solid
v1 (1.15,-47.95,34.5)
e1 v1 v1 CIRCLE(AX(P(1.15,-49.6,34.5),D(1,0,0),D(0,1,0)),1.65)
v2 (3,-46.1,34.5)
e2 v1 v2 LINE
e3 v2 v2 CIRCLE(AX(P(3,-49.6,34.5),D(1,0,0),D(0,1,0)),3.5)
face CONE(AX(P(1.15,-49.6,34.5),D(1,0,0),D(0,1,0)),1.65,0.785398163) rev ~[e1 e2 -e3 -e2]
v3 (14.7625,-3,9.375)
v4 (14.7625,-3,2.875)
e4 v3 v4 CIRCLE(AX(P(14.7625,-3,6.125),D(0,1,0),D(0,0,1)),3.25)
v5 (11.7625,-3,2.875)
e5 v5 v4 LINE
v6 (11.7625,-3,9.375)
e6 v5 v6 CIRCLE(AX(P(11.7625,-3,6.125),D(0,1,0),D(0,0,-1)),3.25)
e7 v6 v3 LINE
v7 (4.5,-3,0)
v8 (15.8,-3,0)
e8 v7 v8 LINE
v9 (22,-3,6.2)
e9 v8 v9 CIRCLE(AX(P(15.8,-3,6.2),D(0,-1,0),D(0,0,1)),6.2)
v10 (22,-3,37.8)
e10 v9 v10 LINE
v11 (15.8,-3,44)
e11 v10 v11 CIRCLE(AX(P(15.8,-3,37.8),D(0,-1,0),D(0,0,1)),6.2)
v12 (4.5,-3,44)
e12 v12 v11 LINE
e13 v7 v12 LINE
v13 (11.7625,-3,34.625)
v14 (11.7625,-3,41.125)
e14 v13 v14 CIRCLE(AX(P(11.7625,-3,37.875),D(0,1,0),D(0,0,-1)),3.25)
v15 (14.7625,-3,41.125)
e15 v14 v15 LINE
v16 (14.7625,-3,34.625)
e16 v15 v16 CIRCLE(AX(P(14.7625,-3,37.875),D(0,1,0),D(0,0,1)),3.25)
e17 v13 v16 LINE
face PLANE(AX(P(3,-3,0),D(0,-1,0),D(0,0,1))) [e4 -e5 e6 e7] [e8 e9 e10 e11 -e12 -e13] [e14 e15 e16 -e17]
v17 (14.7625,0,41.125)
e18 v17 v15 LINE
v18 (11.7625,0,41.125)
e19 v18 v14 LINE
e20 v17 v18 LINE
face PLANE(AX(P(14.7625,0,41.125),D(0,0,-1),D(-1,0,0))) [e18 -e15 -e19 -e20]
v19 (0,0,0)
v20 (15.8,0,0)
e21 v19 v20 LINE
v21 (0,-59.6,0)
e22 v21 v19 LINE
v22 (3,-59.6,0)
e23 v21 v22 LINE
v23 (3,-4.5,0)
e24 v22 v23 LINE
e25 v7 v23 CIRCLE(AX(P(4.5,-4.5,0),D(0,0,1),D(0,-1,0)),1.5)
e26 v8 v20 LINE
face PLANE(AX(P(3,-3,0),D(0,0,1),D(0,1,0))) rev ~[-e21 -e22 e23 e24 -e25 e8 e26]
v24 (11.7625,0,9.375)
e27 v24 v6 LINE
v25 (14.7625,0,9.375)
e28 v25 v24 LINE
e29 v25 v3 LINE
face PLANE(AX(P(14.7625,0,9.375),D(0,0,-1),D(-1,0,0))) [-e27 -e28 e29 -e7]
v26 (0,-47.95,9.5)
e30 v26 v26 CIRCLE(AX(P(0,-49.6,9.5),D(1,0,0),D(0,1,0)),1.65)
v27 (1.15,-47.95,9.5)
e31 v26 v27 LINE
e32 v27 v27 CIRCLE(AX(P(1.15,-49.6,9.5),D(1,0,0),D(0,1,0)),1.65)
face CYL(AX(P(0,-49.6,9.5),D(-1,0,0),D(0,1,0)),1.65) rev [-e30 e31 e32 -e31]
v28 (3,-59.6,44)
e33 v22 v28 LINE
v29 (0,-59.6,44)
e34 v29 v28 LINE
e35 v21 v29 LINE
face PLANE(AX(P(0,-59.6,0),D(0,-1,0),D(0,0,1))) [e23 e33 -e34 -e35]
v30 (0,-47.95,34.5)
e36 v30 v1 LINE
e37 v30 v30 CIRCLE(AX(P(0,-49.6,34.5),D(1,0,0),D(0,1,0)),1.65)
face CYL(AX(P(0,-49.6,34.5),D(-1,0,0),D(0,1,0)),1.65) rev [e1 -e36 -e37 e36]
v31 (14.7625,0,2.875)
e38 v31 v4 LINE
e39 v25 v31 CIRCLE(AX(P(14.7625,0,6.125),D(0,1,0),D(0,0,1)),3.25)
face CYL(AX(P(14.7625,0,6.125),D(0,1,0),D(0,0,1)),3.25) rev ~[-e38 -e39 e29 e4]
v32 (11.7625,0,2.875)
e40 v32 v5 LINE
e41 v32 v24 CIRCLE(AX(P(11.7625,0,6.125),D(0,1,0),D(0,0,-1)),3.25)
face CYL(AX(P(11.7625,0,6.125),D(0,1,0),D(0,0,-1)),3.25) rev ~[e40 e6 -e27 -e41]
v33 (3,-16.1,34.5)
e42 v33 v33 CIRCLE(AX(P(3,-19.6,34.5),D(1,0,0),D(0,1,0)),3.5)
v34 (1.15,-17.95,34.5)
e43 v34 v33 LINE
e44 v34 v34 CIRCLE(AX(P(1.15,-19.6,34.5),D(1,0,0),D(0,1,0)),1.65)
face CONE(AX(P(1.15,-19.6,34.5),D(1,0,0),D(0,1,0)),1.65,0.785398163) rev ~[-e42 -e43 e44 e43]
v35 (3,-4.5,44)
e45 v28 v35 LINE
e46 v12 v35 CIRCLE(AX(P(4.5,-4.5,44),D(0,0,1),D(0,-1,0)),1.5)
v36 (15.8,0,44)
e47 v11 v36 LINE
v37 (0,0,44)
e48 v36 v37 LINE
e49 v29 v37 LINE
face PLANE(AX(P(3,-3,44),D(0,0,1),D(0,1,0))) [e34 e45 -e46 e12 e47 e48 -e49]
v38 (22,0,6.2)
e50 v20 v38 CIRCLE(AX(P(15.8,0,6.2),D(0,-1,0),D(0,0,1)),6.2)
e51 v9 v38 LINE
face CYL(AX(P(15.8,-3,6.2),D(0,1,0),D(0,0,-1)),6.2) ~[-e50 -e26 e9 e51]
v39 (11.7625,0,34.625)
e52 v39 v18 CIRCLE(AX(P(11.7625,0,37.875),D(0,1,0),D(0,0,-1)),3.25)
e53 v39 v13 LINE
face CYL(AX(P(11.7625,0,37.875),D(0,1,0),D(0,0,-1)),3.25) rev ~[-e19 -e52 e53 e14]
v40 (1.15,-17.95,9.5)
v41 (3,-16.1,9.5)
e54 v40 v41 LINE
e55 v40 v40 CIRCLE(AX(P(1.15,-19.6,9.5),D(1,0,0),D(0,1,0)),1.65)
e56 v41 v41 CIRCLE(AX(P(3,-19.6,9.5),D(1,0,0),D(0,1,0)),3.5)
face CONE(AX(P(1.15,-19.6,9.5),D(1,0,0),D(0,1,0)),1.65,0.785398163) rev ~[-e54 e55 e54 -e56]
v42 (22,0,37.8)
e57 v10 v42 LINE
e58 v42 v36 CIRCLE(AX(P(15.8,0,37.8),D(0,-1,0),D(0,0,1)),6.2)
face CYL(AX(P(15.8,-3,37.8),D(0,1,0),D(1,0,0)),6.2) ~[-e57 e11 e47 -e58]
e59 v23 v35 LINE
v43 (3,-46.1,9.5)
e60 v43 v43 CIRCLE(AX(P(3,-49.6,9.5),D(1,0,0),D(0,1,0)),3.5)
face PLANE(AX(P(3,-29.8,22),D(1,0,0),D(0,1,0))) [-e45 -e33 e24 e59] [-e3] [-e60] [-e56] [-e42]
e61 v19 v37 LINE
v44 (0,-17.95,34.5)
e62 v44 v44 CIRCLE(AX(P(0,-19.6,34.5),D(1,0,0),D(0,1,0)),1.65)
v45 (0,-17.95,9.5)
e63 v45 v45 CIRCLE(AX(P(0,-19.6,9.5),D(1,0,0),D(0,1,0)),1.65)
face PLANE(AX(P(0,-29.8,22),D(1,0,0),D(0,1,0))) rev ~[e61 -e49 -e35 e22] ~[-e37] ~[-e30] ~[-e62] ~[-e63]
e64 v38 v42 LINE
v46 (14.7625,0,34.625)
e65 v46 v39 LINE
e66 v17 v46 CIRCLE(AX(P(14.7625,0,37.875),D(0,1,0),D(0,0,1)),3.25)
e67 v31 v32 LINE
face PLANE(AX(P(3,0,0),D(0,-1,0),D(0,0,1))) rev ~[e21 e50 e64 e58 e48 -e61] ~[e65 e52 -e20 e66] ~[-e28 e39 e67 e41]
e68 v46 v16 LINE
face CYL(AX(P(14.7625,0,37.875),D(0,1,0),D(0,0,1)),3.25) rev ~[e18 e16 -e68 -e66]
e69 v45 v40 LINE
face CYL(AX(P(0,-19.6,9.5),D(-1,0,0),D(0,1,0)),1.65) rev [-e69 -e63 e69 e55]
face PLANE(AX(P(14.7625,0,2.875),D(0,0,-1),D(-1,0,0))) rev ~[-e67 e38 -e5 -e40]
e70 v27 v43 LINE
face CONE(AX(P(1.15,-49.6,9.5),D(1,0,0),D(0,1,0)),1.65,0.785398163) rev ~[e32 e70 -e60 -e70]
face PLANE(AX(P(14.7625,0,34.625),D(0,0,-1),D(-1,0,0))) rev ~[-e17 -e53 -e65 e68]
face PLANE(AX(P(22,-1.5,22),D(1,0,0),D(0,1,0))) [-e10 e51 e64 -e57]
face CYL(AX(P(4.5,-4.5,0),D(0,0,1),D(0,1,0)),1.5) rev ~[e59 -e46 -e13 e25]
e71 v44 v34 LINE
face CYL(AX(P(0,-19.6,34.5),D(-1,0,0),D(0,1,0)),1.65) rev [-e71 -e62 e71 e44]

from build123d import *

# Parameters (mm, degrees)
SKETCH011_W     = 59.6
SKETCH011_H     = 44
SKETCH011_R     = 1.65
PAD006_DEPTH    = 3
CHAMFER003_SIZE = 1.85
SKETCH012_W     = 3
SKETCH012_H     = 44
PAD007_DEPTH    = 19
POCKET005_DEPTH = 59.601
FILLET_R        = 1.5
FILLET001_R     = 6.2


with BuildPart() as part:
    # Sketch011 → Pad006 (new body)
    with BuildSketch(Plane.YZ):
        with Locations((-29.8, 22)):
            Rectangle(SKETCH011_W, SKETCH011_H)
        with Locations((-49.6, 34.5)):
            Circle(SKETCH011_R, mode=Mode.SUBTRACT)
        with Locations((-19.6, 34.5)):
            Circle(SKETCH011_R, mode=Mode.SUBTRACT)
        with Locations((-49.6, 9.5)):
            Circle(SKETCH011_R, mode=Mode.SUBTRACT)
        with Locations((-19.6, 9.5)):
            Circle(SKETCH011_R, mode=Mode.SUBTRACT)
    extrude(amount=PAD006_DEPTH)

    # Chamfer003
    chamfer003_edges = [part.edges().sort_by_distance(p)[0] for p in [
        (3, -51.25, 34.5),
        (3, -21.25, 34.5),
        (3, -51.25, 9.5),
        (3, -21.25, 9.5),
    ]]
    chamfer(chamfer003_edges, length=CHAMFER003_SIZE)

    # Sketch012 (on Face4 of Chamfer003) → Pad007 (join)
    with BuildSketch(Plane.YZ.offset(3)):
        with Locations((-1.5, 22)):
            Rectangle(SKETCH012_W, SKETCH012_H)
    extrude(amount=PAD007_DEPTH)

    # Sketch013 (on Face16 of Pad007) → Pocket005 (cut, through all)
    with BuildSketch(Plane.ZX):
        with BuildLine():
            ThreePointArc((9.375, 14.7625), (6.125, 18.0125), (2.875, 14.7625))
            Line((2.875, 14.7625), (2.875, 11.7625))
            ThreePointArc((2.875, 11.7625), (6.125, 8.5125), (9.375, 11.7625))
            Line((9.375, 14.7625), (9.375, 11.7625))
        make_face()
        with BuildLine():
            ThreePointArc((41.125, 14.7625), (37.875, 18.0125), (34.625, 14.7625))
            Line((34.625, 14.7625), (34.625, 11.7625))
            ThreePointArc((34.625, 11.7625), (37.875, 8.5125), (41.125, 11.7625))
            Line((41.125, 14.7625), (41.125, 11.7625))
        make_face()
    extrude(amount=-POCKET005_DEPTH, mode=Mode.SUBTRACT)

    # Fillet
    fillet_edges = [part.edges().sort_by_distance(p)[0] for p in [
        (3, -3, 22),
    ]]
    fillet(fillet_edges, radius=FILLET_R)

    # Fillet001
    fillet001_edges = [part.edges().sort_by_distance(p)[0] for p in [
        (22, -1.5, 44),
        (22, -1.5, 0),
    ]]
    fillet(fillet001_edges, radius=FILLET001_R)


solid = part.part
